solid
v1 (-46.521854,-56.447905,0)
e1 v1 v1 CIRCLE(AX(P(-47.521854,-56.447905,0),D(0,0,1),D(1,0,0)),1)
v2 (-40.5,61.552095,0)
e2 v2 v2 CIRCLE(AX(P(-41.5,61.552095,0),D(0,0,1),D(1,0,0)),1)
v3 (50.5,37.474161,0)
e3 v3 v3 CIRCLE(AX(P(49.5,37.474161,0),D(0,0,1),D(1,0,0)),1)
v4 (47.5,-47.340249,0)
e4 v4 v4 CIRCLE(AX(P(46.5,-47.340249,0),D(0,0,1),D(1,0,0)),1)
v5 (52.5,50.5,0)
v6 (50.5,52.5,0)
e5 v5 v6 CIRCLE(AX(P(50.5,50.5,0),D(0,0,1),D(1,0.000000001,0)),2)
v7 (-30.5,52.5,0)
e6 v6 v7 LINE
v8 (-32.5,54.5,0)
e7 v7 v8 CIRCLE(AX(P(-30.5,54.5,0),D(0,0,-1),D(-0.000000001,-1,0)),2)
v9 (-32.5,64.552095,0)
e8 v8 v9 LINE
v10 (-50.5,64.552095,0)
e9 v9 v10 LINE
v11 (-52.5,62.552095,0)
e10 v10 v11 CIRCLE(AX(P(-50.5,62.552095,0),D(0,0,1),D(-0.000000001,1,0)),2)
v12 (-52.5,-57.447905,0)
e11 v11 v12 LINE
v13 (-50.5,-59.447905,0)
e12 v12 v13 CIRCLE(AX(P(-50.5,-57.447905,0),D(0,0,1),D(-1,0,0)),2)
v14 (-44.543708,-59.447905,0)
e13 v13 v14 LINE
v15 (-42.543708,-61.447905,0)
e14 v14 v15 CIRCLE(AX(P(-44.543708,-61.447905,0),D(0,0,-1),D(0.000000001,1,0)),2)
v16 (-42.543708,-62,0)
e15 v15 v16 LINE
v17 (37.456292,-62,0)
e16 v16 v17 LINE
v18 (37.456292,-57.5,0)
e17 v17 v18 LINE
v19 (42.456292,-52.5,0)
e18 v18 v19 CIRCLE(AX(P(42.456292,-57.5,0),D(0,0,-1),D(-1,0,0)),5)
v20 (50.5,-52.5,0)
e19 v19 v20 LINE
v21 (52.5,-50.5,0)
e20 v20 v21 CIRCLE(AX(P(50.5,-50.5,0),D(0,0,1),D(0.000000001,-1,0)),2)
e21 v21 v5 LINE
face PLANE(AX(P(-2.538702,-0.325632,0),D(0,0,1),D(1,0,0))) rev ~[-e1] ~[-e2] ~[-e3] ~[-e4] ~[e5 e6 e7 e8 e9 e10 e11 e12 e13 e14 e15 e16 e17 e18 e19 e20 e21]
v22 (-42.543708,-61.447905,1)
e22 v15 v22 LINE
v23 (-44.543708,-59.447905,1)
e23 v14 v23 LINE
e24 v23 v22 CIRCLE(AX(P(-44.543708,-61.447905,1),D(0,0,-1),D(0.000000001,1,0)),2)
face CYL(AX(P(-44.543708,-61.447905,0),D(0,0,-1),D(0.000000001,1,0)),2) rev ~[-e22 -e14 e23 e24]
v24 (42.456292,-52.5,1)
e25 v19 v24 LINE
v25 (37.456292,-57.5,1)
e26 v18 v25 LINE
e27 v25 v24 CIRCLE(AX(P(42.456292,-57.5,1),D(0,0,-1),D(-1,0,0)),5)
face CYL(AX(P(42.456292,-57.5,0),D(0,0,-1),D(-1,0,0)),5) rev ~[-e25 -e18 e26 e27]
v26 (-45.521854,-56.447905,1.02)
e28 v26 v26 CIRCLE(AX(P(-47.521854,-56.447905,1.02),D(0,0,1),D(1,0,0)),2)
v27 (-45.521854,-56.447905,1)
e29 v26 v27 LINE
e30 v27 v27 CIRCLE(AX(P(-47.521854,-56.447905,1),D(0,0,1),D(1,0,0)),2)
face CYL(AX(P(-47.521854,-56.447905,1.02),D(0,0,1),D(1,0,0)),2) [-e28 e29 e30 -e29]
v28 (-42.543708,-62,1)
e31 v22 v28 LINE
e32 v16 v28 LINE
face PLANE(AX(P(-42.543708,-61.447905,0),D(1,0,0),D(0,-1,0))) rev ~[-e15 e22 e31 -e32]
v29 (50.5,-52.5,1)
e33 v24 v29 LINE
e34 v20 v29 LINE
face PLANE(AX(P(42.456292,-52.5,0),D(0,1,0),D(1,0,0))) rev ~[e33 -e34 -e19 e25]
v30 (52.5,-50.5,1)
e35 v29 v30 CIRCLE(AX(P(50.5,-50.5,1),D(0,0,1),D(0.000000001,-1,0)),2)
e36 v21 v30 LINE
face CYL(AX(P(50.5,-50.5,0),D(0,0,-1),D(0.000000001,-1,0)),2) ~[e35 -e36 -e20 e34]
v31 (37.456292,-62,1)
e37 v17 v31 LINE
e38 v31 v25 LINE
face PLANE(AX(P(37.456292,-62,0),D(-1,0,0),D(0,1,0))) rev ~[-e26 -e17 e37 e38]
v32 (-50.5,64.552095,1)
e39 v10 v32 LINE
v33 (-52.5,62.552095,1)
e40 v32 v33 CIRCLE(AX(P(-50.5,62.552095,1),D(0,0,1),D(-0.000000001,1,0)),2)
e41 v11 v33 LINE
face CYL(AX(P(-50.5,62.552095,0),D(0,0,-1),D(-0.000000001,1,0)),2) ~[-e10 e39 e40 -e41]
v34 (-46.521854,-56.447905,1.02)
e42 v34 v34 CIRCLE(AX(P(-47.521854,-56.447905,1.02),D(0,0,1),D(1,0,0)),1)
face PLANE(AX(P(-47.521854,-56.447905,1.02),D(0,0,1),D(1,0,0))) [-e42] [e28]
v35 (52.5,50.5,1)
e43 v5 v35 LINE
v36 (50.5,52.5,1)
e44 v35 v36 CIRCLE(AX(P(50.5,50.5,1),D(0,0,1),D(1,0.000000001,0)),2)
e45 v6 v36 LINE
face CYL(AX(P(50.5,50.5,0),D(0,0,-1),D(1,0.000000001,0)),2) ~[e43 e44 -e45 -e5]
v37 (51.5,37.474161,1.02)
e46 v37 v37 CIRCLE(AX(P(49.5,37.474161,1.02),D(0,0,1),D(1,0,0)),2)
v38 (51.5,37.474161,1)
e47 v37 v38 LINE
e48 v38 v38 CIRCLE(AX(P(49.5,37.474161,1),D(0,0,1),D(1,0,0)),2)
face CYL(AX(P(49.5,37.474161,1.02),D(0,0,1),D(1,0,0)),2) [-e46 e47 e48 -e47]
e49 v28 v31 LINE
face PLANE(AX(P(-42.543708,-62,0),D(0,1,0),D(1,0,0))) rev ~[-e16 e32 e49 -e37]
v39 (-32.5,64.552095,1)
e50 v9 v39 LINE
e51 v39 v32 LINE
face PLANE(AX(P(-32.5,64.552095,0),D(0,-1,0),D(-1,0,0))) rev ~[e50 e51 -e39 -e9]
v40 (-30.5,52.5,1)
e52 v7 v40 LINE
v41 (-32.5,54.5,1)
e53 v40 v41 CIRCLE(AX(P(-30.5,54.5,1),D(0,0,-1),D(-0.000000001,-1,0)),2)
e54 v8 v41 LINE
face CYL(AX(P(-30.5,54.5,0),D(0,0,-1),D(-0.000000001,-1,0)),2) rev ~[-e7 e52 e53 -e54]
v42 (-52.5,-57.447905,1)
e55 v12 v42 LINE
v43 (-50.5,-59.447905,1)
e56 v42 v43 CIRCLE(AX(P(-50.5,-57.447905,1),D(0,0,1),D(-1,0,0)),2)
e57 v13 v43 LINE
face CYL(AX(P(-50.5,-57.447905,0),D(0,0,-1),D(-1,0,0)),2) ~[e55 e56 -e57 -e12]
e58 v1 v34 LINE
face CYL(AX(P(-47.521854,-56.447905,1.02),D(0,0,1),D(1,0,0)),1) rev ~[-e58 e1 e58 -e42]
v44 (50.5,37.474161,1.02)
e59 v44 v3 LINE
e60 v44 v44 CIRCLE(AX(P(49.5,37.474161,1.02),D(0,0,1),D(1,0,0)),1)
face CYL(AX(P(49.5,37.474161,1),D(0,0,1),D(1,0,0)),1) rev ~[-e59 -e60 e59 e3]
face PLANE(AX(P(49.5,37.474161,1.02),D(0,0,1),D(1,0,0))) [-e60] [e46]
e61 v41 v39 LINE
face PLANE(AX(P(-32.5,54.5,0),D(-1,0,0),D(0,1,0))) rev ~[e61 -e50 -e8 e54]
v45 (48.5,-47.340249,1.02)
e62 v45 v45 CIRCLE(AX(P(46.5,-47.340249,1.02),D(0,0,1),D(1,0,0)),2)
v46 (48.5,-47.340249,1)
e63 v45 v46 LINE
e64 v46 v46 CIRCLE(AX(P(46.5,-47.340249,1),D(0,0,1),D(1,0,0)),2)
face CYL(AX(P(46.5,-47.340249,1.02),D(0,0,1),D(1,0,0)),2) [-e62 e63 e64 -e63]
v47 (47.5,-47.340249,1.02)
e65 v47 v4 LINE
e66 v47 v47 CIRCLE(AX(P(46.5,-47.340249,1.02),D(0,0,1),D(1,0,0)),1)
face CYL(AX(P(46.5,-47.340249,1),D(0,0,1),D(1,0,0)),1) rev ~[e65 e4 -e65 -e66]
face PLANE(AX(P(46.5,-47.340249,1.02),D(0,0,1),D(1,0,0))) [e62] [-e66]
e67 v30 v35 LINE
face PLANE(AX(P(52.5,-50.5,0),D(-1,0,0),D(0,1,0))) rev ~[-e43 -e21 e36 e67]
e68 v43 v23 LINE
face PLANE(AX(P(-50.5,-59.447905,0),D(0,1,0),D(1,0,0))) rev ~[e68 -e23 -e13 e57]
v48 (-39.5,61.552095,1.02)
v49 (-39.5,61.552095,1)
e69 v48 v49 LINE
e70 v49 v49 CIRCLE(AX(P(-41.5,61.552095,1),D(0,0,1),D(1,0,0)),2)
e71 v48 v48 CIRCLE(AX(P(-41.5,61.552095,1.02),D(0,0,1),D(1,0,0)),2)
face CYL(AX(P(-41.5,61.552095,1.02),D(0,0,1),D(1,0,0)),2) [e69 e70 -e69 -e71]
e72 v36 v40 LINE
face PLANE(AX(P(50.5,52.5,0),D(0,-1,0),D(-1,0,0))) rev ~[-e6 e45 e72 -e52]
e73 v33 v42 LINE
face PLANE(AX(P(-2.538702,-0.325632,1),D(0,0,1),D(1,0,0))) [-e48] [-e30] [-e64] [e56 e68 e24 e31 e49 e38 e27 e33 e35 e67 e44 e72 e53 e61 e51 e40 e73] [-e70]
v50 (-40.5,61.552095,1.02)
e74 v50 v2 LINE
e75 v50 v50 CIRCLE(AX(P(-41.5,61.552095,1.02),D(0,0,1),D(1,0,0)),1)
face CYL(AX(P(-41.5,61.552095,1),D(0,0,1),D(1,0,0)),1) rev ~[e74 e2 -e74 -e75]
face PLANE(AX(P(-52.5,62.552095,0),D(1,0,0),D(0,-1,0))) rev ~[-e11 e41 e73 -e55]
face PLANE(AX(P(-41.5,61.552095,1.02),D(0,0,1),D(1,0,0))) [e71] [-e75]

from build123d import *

# Parameters (mm, degrees)
BOSS_EXTRUDE1_DEPTH = 1
SKETCH2_R           = 1
CUT_EXTRUDE1_DEPTH  = 10
EXTRUDE_THIN1_START = 0.02
SKETCH3_R           = 2
SKETCH3_R_2         = 1
EXTRUDE_THIN1_DEPTH = 0.02


with BuildPart() as part:
    # Sketch1 → Boss-Extrude1 (new body)
    with BuildSketch(Plane.XY):
        with BuildLine():
            Line((50.5, 52.5), (-30.5, 52.5))
            ThreePointArc((-30.5, 52.5), (-31.914213562, 53.085786438), (-32.5, 54.5))
            Line((-32.5, 54.5), (-32.5, 64.55209468))
            Line((-32.5, 64.55209468), (-50.5, 64.55209468))
            ThreePointArc((-50.5, 64.55209468), (-51.914213562, 63.966308242), (-52.5, 62.55209468))
            Line((-52.5, 62.55209468), (-52.5, 52.5))
            Line((-52.5, 52.5), (-52.5, -52.5))
            Line((-52.5, -52.5), (-52.5, -57.44790532))
            ThreePointArc((-52.5, -57.44790532), (-51.914213562, -58.862118883), (-50.5, -59.44790532))
            Line((-50.5, -59.44790532), (-44.543708146, -59.44790532))
            ThreePointArc((-44.543708146, -59.44790532), (-43.129494584, -60.033691758), (-42.543708146, -61.44790532))
            Line((-42.543708146, -61.44790532), (-42.543708146, -62))
            Line((-42.543708146, -62), (37.456291854, -62))
            Line((37.456291854, -62), (37.456291854, -57.5))
            ThreePointArc((37.456291854, -57.5), (38.920757948, -53.964466094), (42.456291854, -52.5))
            Line((42.456291854, -52.5), (50.5, -52.5))
            ThreePointArc((50.5, -52.5), (51.914213562, -51.914213562), (52.5, -50.5))
            Line((52.5, -50.5), (52.5, 50.5))
            ThreePointArc((52.5, 50.5), (51.914213562, 51.914213562), (50.5, 52.5))
        make_face()
    extrude(amount=BOSS_EXTRUDE1_DEPTH)

    # Sketch2 → Cut-Extrude1 (cut)
    with BuildSketch(Plane.XY.offset(1)):
        with Locations((-41.5, 61.55209468)):
            Circle(SKETCH2_R)
        with Locations((-47.521854073, -56.44790532)):
            Circle(SKETCH2_R)
        with Locations((49.5, 37.474161099)):
            Circle(SKETCH2_R)
        with Locations((46.5, -47.340248832)):
            Circle(SKETCH2_R)
    extrude(amount=-CUT_EXTRUDE1_DEPTH, mode=Mode.SUBTRACT)

    # Sketch3 → Extrude-Thin1 (add)
    # profile 1 of 4: a face of its own
    with BuildSketch(Plane.XY.offset(1).offset(EXTRUDE_THIN1_START)):
        with Locations((-47.521854073, -56.44790532)):
            Circle(SKETCH3_R)
        with Locations((-47.521854073, -56.44790532)):
            Circle(SKETCH3_R_2, mode=Mode.SUBTRACT)
    # profile 2 of 4: a face of its own
    with BuildSketch(Plane.XY.offset(1).offset(EXTRUDE_THIN1_START)):
        with Locations((-41.5, 61.55209468)):
            Circle(SKETCH3_R)
        with Locations((-41.5, 61.55209468)):
            Circle(SKETCH3_R_2, mode=Mode.SUBTRACT)
    # profile 3 of 4: a face of its own
    with BuildSketch(Plane.XY.offset(1).offset(EXTRUDE_THIN1_START)):
        with Locations((49.5, 37.474161099)):
            Circle(SKETCH3_R)
        with Locations((49.5, 37.474161099)):
            Circle(SKETCH3_R_2, mode=Mode.SUBTRACT)
    # profile 4 of 4: a face of its own
    with BuildSketch(Plane.XY.offset(1).offset(EXTRUDE_THIN1_START)):
        with Locations((46.5, -47.340248832)):
            Circle(SKETCH3_R)
        with Locations((46.5, -47.340248832)):
            Circle(SKETCH3_R_2, mode=Mode.SUBTRACT)
    extrude(amount=-EXTRUDE_THIN1_DEPTH)


solid = part.part
